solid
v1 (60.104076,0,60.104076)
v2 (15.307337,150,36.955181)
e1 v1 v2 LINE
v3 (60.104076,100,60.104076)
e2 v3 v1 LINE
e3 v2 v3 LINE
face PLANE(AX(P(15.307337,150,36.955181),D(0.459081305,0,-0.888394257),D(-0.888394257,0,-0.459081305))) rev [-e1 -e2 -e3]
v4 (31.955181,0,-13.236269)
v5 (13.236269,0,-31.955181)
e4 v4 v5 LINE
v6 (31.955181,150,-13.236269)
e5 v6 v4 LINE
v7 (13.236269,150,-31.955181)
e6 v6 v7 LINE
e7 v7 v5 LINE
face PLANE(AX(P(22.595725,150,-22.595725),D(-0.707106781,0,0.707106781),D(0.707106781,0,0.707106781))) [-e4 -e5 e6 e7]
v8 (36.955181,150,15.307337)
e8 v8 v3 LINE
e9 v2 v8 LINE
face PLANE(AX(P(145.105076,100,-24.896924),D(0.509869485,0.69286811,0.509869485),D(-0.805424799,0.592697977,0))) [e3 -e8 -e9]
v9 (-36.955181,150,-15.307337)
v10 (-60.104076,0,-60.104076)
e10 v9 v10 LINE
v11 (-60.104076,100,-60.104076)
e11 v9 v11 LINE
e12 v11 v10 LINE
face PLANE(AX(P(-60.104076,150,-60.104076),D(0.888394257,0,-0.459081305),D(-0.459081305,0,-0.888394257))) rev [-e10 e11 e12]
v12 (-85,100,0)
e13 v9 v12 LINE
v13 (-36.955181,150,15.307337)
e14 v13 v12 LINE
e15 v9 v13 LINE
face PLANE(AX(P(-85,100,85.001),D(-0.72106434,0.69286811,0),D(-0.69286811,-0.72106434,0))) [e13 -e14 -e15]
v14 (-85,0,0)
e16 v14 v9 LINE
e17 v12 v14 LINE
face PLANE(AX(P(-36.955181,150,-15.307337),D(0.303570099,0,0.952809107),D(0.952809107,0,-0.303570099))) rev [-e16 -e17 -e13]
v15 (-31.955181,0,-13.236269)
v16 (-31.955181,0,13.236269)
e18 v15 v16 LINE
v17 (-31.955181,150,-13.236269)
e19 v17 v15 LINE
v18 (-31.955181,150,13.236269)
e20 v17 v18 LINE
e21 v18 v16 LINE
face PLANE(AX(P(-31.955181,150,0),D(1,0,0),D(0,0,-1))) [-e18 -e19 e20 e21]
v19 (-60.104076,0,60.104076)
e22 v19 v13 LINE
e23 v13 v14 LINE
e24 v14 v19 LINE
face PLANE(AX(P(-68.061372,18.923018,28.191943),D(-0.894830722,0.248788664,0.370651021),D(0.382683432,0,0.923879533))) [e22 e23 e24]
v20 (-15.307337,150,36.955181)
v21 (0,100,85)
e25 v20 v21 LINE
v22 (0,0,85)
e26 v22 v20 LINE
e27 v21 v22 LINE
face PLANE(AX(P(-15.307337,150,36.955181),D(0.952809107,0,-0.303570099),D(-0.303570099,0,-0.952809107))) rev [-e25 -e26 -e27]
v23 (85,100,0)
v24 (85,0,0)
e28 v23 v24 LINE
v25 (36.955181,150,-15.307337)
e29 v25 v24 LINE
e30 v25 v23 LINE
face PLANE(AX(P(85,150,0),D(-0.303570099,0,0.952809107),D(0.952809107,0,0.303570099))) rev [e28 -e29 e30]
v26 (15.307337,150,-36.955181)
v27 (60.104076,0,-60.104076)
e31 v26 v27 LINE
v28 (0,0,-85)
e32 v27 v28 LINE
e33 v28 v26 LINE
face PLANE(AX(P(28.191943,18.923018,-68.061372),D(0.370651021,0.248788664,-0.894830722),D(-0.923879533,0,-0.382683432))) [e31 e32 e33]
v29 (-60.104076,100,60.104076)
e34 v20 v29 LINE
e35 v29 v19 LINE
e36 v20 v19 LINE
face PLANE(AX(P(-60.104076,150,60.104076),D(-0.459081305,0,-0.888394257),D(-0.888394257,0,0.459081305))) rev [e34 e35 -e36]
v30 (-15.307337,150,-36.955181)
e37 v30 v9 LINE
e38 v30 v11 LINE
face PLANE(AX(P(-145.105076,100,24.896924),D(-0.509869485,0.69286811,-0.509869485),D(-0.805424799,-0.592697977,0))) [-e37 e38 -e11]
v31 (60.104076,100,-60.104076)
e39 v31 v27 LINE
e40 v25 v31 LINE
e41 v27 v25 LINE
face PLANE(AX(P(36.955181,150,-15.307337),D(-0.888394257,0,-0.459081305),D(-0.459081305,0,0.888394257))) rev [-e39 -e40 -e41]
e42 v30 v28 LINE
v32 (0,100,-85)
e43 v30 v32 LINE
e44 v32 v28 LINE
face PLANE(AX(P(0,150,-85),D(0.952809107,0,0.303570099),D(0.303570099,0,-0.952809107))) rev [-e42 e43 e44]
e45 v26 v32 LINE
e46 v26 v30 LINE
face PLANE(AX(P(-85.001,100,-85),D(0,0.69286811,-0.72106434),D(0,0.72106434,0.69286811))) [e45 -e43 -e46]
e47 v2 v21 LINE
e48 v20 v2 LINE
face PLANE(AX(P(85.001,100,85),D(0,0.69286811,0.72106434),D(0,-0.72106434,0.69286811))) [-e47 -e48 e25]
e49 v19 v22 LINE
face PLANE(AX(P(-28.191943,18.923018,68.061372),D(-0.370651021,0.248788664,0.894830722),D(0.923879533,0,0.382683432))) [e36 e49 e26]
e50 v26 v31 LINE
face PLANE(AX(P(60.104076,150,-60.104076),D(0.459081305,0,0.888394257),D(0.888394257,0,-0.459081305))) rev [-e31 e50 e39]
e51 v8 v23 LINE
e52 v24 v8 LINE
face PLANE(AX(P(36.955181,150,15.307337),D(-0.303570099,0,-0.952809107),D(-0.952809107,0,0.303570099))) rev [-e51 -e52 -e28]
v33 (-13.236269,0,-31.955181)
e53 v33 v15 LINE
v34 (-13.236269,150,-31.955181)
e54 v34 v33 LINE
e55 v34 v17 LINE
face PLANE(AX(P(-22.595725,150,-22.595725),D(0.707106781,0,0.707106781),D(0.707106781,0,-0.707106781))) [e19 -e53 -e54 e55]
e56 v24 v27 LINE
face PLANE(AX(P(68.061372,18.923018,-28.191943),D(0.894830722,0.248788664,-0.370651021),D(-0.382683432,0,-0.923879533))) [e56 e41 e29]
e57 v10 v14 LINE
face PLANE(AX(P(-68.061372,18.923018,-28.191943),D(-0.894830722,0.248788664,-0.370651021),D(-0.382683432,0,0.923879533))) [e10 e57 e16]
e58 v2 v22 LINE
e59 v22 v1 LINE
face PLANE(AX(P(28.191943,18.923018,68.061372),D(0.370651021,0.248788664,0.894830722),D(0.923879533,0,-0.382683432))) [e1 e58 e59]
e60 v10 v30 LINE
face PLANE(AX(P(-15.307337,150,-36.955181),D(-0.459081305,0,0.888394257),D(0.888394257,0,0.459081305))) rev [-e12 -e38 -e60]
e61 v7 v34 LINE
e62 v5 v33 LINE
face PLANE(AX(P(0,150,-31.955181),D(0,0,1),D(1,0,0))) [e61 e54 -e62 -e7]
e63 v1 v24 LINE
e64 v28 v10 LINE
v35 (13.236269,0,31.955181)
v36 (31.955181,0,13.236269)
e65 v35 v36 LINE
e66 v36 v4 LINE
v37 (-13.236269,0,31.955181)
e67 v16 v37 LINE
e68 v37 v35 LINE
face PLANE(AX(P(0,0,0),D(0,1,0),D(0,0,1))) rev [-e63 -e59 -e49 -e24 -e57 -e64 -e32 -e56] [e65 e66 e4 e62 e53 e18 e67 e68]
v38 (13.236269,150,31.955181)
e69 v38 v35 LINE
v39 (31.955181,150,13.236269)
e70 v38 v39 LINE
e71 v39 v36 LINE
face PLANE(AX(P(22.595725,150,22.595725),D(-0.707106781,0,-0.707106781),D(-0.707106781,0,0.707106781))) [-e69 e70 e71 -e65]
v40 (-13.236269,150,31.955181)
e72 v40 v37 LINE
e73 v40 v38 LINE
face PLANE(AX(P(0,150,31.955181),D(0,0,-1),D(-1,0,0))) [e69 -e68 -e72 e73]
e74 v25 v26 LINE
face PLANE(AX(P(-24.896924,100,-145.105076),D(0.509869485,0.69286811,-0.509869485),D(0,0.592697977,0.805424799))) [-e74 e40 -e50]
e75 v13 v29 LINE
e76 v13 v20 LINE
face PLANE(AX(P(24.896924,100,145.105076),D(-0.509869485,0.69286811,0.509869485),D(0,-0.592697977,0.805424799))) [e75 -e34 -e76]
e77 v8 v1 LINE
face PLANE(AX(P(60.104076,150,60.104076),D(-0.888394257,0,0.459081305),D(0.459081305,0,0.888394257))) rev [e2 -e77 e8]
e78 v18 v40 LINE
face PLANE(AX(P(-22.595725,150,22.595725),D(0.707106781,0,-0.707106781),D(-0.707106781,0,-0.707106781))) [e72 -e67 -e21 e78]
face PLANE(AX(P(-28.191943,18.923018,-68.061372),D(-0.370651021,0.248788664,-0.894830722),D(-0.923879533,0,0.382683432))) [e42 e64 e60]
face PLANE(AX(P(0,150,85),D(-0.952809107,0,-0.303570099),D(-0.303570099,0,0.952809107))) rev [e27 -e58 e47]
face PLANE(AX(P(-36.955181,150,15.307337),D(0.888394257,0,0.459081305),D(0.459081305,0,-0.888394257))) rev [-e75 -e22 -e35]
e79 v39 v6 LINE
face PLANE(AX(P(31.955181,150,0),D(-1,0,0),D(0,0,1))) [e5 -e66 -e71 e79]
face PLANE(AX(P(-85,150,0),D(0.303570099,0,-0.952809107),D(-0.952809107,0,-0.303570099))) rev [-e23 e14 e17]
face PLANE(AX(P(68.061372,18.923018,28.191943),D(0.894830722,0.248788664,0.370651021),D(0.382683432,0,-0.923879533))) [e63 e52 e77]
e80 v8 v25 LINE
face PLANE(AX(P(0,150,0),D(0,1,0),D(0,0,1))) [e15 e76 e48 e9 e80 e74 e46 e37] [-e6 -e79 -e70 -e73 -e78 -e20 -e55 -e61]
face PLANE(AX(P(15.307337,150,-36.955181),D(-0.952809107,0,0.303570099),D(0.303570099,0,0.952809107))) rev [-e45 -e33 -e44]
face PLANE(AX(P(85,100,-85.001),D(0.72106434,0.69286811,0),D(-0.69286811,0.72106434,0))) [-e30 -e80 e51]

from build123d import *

# Parameters (mm, degrees)
EXTRUDE_1_DEPTH                  = 150
SKETCH_10_W                      = 150
SKETCH_10_H                      = 201.944841161
CUT_EXTRUDE_9_DEPTH              = 232.130644437
PATTERN_CIRCULAR_6_COUNT         = 8
EXTRUDE_6_DEPTH                  = 150
CUT_EXTRUDE_10_REACH             = 194.224
CUT_EXTRUDE_10_DIRECTION_2_REACH = 194.224
PATTERN_CIRCULAR_7_COUNT         = 8
EXTRUDE_7_DEPTH                  = 150


with BuildPart() as part:
    # 草图1 → 凸台-拉伸1 (new body)
    with BuildSketch(Plane(origin=(0, 0, 0), x_dir=(1, 0, 0), z_dir=(0, 1, 0))):
        Polygon((-60.104076401, -60.104076401), (0, -85), (60.104076401, -60.104076401), (85, 0), (60.104076401, 60.104076401), (0, 85), (-60.104076401, 60.104076401), (-85, 0), align=None)
        Polygon((-15.307337295, -36.9551813), (15.307337295, -36.9551813), (36.9551813, -15.307337295), (36.9551813, 15.307337295), (15.307337295, 36.9551813), (-15.307337295, 36.9551813), (-36.9551813, 15.307337295), (-36.9551813, -15.307337295), align=None, mode=Mode.SUBTRACT)
    extrude(amount=EXTRUDE_1_DEPTH)

    # 草图10 → 切除-拉伸9 (cut, through all)
    with BuildSketch(Plane(origin=(-28.191943273, 18.923017893, 68.0613718), x_dir=(0.9287722113346277, 0.09928567118319402, 0.35710577557677253), z_dir=(-0.3706510211136421, 0.2487886640689572, 0.894830722079991))):
        with Locations((13.456718785, 57.315220344)):
            Rectangle(SKETCH_10_W, SKETCH_10_H)
    cut_extrude_9 = extrude(amount=CUT_EXTRUDE_9_DEPTH, mode=Mode.SUBTRACT)

    # 阵列(圆周)6: 切除-拉伸9 ×8 about axis
    pattern_circular_6_axis = Axis((0, 0, 0), (0, 1, 0))
    for i in range(1, PATTERN_CIRCULAR_6_COUNT):
        add(cut_extrude_9.rotate(pattern_circular_6_axis, i * 360 / PATTERN_CIRCULAR_6_COUNT), mode=Mode.SUBTRACT)

    # 草图13 → 凸台-拉伸6 (add, through all)
    with BuildSketch(Plane(origin=(0, 0, 0), x_dir=(1, 0, 0), z_dir=(0, 1, 0))):
        Polygon((-36.9551813, 15.307337295), (-85, 0), (-36.9551813, -15.307337295), align=None)
    extrude_6 = extrude(amount=EXTRUDE_6_DEPTH)

    # 草图14 → 切除-拉伸10 (cut, up to next)
    with BuildSketch(Plane.XY, mode=Mode.PRIVATE) as cut_extrude_10_sk1:
        Polygon((-36.9551813, 150), (-85, 150), (-85, 100), align=None)
    cut_extrude_10_tool1 = extrude(cut_extrude_10_sk1.sketch, amount=-CUT_EXTRUDE_10_REACH, mode=Mode.PRIVATE) & part.part
    cut_extrude_10 = cut_extrude_10_tool1.solids().sort_by_distance((-68.98506, 133.333333, 0))[0]
    add(cut_extrude_10, mode=Mode.SUBTRACT)

    # 草图14 → 切除-拉伸10 direction 2 (cut, up to next)
    with BuildSketch(Plane.XY, mode=Mode.PRIVATE) as cut_extrude_10_direction_2_sk1:
        Polygon((-36.9551813, 150), (-85, 150), (-85, 100), align=None)
    cut_extrude_10_direction_2_tool1 = extrude(cut_extrude_10_direction_2_sk1.sketch, amount=CUT_EXTRUDE_10_DIRECTION_2_REACH, mode=Mode.PRIVATE) & part.part
    cut_extrude_10_direction_2 = cut_extrude_10_direction_2_tool1.solids().sort_by_distance((-68.98506, 133.333333, 0))[0]
    add(cut_extrude_10_direction_2, mode=Mode.SUBTRACT)

    # 阵列(圆周)7: 凸台-拉伸6, 切除-拉伸10, 切除-拉伸10 direction 2 ×8 about axis
    pattern_circular_7_axis = Axis((0, 0, 0), (0, 1, 0))
    add([extrude_6.rotate(pattern_circular_7_axis, i * 360 / PATTERN_CIRCULAR_7_COUNT) for i in range(1, PATTERN_CIRCULAR_7_COUNT)])
    add([cut_extrude_10.rotate(pattern_circular_7_axis, i * 360 / PATTERN_CIRCULAR_7_COUNT) for i in range(1, PATTERN_CIRCULAR_7_COUNT)], mode=Mode.SUBTRACT)
    add([cut_extrude_10_direction_2.rotate(pattern_circular_7_axis, i * 360 / PATTERN_CIRCULAR_7_COUNT) for i in range(1, PATTERN_CIRCULAR_7_COUNT)], mode=Mode.SUBTRACT)

    # 草图1<3> → 凸台-拉伸7 (add)
    with BuildSketch(Plane(origin=(0, 0, 0), x_dir=(1, 0, 0), z_dir=(0, 1, 0))):
        Polygon((-36.9551813, -15.307337295), (-15.307337295, -36.9551813), (15.307337295, -36.9551813), (36.9551813, -15.307337295), (36.9551813, 15.307337295), (15.307337295, 36.9551813), (-15.307337295, 36.9551813), (-36.9551813, 15.307337295), align=None)
        Polygon((13.236269483, 31.9551813), (-13.236269483, 31.9551813), (-31.9551813, 13.236269483), (-31.9551813, -13.236269483), (-13.236269483, -31.9551813), (13.236269483, -31.9551813), (31.9551813, -13.236269483), (31.9551813, 13.236269483), align=None, mode=Mode.SUBTRACT)
    extrude(amount=EXTRUDE_7_DEPTH)


solid = part.part
